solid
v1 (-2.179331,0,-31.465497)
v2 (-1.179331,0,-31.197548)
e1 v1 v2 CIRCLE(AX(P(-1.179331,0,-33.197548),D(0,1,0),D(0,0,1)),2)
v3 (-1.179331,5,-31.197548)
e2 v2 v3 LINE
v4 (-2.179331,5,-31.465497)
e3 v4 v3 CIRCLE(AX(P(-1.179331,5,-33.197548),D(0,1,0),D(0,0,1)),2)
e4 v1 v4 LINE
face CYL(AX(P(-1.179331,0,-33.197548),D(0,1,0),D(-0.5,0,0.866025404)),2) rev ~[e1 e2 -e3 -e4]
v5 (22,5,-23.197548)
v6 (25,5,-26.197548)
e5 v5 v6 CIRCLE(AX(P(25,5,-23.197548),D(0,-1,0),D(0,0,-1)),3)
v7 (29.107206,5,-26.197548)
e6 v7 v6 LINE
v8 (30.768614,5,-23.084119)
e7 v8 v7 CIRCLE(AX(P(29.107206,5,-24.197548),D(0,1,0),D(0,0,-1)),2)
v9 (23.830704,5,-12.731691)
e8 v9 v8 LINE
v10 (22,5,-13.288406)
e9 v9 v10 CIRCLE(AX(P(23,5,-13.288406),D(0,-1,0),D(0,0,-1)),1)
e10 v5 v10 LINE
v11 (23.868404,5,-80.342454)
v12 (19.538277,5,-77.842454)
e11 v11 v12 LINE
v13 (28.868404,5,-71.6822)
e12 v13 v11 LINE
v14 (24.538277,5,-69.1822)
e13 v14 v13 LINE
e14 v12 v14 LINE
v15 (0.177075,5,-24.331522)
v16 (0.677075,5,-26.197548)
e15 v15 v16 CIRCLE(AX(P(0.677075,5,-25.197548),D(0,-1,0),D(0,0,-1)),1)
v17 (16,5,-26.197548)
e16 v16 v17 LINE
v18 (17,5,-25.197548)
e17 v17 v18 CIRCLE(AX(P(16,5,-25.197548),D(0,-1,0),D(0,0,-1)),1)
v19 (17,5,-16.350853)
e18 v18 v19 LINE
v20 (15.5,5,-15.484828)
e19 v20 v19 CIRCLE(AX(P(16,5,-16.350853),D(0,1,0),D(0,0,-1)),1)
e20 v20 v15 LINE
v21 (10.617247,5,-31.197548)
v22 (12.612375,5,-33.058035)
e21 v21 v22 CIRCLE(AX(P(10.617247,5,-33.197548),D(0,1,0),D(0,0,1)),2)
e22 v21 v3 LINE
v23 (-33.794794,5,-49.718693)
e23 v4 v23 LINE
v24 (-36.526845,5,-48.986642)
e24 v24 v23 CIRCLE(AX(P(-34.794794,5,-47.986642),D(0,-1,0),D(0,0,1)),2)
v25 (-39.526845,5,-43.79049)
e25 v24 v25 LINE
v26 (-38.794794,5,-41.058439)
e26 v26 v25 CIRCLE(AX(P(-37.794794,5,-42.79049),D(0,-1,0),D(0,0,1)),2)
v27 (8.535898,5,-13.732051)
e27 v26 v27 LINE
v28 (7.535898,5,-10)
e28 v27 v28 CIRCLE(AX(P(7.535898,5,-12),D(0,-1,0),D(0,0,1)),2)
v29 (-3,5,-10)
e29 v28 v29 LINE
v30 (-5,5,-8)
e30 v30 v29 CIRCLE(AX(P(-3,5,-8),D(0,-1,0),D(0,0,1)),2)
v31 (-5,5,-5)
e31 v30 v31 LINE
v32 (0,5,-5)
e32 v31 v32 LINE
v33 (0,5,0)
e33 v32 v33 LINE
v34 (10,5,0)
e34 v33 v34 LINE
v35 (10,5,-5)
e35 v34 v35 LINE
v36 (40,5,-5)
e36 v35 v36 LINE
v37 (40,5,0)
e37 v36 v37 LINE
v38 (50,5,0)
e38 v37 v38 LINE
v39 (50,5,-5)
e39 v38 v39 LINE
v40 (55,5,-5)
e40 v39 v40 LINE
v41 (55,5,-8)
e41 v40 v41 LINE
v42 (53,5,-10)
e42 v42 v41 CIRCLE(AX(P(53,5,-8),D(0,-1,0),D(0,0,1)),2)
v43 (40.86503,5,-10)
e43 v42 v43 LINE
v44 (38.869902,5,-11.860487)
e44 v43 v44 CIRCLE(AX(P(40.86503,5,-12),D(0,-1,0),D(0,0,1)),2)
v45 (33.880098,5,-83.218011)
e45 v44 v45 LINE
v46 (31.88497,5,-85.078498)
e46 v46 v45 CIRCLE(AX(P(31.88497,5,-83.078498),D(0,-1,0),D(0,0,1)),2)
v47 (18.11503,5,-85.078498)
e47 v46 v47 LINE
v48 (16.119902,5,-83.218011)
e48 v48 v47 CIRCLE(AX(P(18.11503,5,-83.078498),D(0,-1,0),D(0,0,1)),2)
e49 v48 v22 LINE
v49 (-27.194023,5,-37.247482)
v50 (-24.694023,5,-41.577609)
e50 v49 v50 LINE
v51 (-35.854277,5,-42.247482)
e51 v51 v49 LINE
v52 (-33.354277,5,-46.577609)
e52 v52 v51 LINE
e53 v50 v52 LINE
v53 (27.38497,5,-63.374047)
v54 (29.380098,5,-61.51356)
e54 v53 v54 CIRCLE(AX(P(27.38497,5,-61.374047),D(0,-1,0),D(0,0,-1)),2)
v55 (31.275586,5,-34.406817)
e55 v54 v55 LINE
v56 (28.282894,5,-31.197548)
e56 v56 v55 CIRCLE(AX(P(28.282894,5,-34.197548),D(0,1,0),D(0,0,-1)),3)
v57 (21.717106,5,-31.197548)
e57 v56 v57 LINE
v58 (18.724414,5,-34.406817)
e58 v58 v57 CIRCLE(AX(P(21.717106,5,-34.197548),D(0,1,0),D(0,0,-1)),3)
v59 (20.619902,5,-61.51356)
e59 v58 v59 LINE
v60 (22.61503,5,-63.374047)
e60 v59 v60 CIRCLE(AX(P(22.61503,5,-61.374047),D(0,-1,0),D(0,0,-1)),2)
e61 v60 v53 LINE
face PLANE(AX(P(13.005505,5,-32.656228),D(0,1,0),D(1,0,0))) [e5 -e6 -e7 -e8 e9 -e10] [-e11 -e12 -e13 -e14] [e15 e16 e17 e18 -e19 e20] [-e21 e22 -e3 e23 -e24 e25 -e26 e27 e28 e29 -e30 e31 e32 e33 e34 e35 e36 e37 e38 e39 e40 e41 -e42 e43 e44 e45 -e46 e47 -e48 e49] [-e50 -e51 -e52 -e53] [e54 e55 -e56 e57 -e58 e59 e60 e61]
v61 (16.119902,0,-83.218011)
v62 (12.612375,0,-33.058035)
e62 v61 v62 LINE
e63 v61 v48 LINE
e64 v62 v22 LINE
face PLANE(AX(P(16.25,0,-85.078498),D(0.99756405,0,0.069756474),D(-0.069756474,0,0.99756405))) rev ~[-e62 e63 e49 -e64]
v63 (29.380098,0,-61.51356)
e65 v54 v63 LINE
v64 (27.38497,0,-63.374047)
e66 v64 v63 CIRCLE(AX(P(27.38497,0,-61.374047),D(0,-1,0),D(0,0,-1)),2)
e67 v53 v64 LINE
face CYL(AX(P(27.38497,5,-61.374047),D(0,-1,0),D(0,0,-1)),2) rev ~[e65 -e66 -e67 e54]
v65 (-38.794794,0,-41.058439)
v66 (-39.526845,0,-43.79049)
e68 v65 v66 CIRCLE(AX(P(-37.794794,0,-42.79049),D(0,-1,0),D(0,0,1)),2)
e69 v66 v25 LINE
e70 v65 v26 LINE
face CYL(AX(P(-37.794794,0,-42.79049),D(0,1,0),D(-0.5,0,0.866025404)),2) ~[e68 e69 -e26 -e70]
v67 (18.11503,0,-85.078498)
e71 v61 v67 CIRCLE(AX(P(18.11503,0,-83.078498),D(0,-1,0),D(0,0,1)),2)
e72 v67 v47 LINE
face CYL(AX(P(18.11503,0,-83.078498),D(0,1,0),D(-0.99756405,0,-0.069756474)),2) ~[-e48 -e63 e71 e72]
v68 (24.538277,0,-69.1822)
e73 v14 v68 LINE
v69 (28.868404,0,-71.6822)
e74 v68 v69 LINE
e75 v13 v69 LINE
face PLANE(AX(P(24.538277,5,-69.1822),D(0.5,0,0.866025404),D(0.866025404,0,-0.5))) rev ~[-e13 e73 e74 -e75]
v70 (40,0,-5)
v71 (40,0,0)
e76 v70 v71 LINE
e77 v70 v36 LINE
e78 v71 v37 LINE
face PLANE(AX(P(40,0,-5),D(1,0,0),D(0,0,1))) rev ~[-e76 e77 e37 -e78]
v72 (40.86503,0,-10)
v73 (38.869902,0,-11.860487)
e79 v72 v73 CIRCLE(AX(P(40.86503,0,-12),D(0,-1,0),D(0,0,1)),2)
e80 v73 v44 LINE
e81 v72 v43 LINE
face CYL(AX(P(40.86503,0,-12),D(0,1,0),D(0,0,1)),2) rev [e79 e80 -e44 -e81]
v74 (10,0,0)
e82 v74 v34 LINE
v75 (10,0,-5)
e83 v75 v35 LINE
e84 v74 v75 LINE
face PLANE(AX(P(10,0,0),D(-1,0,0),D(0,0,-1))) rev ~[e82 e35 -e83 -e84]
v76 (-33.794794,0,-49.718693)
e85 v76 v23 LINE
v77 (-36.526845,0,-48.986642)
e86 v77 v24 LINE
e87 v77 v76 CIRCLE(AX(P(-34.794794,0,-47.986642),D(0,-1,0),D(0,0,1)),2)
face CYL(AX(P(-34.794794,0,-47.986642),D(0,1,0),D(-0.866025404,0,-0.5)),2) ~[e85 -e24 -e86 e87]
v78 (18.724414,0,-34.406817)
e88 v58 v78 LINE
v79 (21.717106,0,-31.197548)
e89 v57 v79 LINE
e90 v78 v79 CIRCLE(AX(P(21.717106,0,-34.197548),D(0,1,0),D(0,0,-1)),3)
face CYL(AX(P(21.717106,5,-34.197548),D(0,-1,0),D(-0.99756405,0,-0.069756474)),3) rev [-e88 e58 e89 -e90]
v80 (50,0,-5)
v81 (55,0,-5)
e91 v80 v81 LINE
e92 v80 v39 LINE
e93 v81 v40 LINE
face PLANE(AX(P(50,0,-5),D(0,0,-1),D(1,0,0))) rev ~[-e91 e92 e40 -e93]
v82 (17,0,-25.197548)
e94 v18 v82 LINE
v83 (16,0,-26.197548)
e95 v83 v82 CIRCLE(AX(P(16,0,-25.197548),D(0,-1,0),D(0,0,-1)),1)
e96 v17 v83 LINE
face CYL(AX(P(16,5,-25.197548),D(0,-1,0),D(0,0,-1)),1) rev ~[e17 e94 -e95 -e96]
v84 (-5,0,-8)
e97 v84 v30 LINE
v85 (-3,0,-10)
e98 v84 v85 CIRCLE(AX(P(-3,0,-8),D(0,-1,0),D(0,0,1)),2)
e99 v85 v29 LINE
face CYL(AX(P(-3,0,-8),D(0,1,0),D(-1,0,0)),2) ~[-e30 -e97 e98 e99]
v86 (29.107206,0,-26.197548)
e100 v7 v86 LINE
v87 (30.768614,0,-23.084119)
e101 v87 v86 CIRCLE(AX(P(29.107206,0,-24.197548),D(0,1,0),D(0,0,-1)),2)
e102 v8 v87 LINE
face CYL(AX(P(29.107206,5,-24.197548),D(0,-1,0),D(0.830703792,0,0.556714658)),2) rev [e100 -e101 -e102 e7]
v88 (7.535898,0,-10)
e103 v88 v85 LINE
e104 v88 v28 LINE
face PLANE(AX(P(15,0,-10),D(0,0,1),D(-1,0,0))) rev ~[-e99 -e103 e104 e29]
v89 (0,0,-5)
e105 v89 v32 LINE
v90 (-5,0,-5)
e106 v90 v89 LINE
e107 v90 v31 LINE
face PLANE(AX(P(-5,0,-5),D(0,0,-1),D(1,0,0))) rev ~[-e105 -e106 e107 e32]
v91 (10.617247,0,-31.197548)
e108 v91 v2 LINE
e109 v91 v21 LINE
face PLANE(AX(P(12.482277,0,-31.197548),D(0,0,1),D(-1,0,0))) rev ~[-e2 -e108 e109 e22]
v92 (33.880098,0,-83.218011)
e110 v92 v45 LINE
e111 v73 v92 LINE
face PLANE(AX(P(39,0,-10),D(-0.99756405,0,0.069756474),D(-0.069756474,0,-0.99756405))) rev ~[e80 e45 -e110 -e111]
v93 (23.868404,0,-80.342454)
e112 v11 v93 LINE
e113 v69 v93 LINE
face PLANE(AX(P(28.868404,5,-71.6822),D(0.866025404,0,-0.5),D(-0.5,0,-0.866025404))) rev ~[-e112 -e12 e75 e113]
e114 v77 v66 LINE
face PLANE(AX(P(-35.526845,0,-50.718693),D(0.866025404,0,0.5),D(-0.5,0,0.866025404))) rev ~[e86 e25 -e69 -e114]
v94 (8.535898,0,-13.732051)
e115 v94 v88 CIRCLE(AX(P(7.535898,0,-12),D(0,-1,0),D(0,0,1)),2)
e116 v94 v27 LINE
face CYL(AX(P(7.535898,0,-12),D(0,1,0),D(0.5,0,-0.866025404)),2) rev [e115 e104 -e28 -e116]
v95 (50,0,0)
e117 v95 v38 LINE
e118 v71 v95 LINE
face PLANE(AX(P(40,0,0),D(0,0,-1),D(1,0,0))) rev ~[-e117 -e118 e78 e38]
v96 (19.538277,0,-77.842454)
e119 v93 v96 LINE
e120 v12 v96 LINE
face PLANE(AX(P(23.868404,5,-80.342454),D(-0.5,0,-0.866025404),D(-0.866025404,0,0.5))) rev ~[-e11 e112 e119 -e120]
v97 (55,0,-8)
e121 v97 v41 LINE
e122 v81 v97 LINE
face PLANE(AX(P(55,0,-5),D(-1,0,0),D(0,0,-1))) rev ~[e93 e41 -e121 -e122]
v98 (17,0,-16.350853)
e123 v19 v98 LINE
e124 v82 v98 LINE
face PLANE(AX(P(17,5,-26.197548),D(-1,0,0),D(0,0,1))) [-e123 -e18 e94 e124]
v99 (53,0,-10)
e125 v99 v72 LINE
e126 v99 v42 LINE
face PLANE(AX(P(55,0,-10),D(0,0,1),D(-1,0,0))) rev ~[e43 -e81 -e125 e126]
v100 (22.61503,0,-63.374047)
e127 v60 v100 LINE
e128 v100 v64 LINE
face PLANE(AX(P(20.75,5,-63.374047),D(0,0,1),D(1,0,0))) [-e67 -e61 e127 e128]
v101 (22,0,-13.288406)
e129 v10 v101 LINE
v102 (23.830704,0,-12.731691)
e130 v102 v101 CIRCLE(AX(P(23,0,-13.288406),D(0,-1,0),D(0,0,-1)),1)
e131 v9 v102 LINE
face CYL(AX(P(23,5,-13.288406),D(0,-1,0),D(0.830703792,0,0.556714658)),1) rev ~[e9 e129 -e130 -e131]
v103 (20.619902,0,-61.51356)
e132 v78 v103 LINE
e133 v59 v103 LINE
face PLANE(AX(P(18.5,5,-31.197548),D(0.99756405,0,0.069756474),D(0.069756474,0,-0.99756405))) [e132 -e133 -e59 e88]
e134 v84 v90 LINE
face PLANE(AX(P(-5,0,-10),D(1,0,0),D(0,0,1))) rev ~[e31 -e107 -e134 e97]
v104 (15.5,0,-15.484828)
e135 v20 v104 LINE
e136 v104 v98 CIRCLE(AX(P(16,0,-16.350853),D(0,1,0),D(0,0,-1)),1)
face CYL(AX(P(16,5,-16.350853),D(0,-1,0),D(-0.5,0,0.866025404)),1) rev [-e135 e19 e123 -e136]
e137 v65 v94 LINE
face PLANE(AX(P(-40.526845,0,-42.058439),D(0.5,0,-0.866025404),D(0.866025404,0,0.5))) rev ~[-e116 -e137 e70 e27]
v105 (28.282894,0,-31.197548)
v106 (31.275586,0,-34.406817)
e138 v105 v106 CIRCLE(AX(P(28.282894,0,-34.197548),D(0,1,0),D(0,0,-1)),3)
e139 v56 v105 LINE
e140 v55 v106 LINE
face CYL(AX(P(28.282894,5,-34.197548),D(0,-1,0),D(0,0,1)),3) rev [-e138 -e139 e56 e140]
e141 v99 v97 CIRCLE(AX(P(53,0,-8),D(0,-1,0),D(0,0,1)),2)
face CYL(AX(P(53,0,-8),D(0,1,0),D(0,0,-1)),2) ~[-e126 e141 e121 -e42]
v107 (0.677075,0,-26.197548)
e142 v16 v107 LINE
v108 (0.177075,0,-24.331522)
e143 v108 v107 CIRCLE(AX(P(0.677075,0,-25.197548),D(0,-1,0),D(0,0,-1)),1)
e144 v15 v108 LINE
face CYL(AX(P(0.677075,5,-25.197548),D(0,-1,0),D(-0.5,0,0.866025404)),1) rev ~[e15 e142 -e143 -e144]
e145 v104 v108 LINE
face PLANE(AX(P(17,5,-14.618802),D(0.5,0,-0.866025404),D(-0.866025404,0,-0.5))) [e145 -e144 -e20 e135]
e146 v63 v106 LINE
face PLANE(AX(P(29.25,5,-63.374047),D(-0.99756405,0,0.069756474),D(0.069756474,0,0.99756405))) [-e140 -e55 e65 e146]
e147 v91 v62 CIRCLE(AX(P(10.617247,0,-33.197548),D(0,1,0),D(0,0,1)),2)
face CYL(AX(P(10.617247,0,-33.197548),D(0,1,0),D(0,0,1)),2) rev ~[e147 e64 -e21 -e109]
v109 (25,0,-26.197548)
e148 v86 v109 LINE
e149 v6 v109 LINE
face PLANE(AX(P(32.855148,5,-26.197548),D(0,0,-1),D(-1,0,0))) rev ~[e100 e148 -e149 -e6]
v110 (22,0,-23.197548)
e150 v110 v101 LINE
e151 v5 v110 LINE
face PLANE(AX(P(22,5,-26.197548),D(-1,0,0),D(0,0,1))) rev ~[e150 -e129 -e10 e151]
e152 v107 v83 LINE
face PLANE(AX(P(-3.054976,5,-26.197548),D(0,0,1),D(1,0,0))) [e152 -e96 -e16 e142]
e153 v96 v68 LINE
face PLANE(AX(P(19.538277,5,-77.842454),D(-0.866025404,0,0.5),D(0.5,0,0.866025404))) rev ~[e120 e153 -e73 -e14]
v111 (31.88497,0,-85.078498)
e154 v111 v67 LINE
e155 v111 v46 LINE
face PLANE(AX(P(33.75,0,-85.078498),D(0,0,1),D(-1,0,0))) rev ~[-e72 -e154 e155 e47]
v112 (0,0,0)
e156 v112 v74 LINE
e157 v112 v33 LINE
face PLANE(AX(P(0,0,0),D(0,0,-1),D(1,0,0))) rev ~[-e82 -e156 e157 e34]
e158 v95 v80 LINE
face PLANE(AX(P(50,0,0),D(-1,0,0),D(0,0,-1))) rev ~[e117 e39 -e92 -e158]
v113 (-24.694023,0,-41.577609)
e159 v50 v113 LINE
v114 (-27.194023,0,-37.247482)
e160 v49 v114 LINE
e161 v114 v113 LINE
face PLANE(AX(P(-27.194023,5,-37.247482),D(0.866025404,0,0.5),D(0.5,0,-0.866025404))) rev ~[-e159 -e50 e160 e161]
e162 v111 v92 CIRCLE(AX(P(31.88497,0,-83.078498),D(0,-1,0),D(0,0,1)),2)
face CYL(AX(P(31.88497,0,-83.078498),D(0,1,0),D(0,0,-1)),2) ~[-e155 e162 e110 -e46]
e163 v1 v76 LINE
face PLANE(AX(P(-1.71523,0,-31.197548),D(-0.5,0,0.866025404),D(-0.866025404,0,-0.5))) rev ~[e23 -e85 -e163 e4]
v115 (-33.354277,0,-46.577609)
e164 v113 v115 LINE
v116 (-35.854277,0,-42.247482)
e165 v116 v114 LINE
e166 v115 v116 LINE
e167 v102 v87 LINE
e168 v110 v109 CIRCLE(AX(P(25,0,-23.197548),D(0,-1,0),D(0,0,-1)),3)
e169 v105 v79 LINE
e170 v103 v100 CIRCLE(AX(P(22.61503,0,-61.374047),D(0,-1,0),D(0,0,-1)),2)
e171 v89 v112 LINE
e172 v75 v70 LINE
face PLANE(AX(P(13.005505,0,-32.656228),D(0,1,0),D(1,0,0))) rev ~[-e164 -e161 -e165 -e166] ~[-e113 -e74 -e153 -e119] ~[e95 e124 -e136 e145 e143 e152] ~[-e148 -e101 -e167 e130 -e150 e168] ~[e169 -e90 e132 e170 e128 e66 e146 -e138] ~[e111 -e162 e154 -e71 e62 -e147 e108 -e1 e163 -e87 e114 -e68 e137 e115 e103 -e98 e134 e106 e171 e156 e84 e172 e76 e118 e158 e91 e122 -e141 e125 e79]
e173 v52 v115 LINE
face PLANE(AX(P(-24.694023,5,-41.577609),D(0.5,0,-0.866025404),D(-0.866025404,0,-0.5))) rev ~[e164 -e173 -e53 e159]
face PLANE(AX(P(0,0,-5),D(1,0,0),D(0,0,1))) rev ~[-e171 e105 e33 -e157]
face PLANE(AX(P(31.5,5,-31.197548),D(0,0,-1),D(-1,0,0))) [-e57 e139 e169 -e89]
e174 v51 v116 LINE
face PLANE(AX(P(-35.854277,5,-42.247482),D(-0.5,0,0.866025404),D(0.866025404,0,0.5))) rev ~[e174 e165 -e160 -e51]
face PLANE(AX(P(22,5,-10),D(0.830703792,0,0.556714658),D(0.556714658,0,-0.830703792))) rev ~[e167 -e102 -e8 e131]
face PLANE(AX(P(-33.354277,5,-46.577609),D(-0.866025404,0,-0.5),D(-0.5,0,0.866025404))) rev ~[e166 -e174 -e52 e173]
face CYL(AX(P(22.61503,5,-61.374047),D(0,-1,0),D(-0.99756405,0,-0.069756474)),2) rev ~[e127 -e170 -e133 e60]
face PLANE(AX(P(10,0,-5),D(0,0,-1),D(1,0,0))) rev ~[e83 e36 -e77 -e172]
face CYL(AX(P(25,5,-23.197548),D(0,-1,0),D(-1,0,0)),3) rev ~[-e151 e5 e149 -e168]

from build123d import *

# Parameters (mm, degrees)
EXTRUDE_1_DEPTH     = 5
CUT_EXTRUDE_1_DEPTH = 6
FILLET_1_R          = 2
FILLET_2_R          = 2
FILLET_3_R          = 3
FILLET_4_R          = 3
FILLET_5_R          = 3
FILLET_6_R          = 2
FILLET_7_R          = 1
FILLET_8_R          = 1
FILLET_9_R          = 1
FILLET_10_R         = 1
FILLET_11_R         = 2
FILLET_12_R         = 2
FILLET_13_R         = 2
FILLET_14_R         = 2
FILLET_15_R         = 2
FILLET_16_R         = 2


with BuildPart() as part:
    # 草图1 → 凸台-拉伸1 (new body)
    with BuildSketch(Plane(origin=(0, 0, 0), x_dir=(1, 0, 0), z_dir=(0, 1, 0))):
        Polygon((-5, 5), (0, 5), (0, 0), (10, 0), (10, 5), (40, 5), (40, 0), (50, 0), (50, 5), (55, 5), (55, 10), (39, 10), (33.75, 85.078497848), (16.25, 85.078497848), (12.482276941, 31.197547838), (-1.715229851, 31.197547838), (-35.526844906, 50.718692892), (-40.526844906, 42.058438854), (15, 10), (-5, 10), align=None)
    extrude(amount=EXTRUDE_1_DEPTH)

    # 草图2 → 切除-拉伸1 (cut, through all)
    with BuildSketch(Plane(origin=(0, 5, 0), x_dir=(1, 0, 0), z_dir=(0, 1, 0))):
        Polygon((-35.854277493, 42.247482146), (-27.194023456, 37.247482146), (-24.694023456, 41.577609165), (-33.354277493, 46.577609165), align=None)
        Polygon((28.868403571, 71.682200114), (23.868403571, 80.342454152), (19.538276552, 77.842454152), (24.538276552, 69.182200114), align=None)
        Polygon((-3.054975814, 26.197547838), (17, 26.197547838), (17, 14.618802154), align=None)
        Polygon((20.75, 63.374046916), (29.25, 63.374046916), (31.5, 31.197547838), (18.5, 31.197547838), align=None)
        Polygon((22, 26.197547838), (22, 10), (32.855147628, 26.197547838), align=None)
    extrude(amount=-CUT_EXTRUDE_1_DEPTH, mode=Mode.SUBTRACT)

    # 圆角1
    fillet_1_edges = [part.edges().sort_by_distance(p)[0] for p in [
        (20.75, 2.5, -63.374046916),
    ]]
    fillet(fillet_1_edges, radius=FILLET_1_R)

    # 圆角2
    fillet_2_edges = [part.edges().sort_by_distance(p)[0] for p in [
        (29.25, 2.5, -63.374046916),
    ]]
    fillet(fillet_2_edges, radius=FILLET_2_R)

    # 圆角3
    fillet_3_edges = [part.edges().sort_by_distance(p)[0] for p in [
        (18.5, 2.5, -31.197547838),
    ]]
    fillet(fillet_3_edges, radius=FILLET_3_R)

    # 圆角4
    fillet_4_edges = [part.edges().sort_by_distance(p)[0] for p in [
        (31.5, 2.5, -31.197547838),
    ]]
    fillet(fillet_4_edges, radius=FILLET_4_R)

    # 圆角5
    fillet_5_edges = [part.edges().sort_by_distance(p)[0] for p in [
        (22, 2.5, -26.197547838),
    ]]
    fillet(fillet_5_edges, radius=FILLET_5_R)

    # 圆角6
    fillet_6_edges = [part.edges().sort_by_distance(p)[0] for p in [
        (32.855147628, 2.5, -26.197547838),
    ]]
    fillet(fillet_6_edges, radius=FILLET_6_R)

    # 圆角7
    fillet_7_edges = [part.edges().sort_by_distance(p)[0] for p in [
        (22, 2.5, -10),
    ]]
    fillet(fillet_7_edges, radius=FILLET_7_R)

    # 圆角8
    fillet_8_edges = [part.edges().sort_by_distance(p)[0] for p in [
        (17, 2.5, -14.618802154),
    ]]
    fillet(fillet_8_edges, radius=FILLET_8_R)

    # 圆角9
    fillet_9_edges = [part.edges().sort_by_distance(p)[0] for p in [
        (-3.054975814, 2.5, -26.197547838),
    ]]
    fillet(fillet_9_edges, radius=FILLET_9_R)

    # 圆角10
    fillet_10_edges = [part.edges().sort_by_distance(p)[0] for p in [
        (17, 2.5, -26.197547838),
    ]]
    fillet(fillet_10_edges, radius=FILLET_10_R)

    # 圆角11
    fillet_11_edges = [part.edges().sort_by_distance(p)[0] for p in [
        (-5, 2.5, -10),
    ]]
    fillet(fillet_11_edges, radius=FILLET_11_R)

    # 圆角12
    fillet_12_edges = [part.edges().sort_by_distance(p)[0] for p in [
        (55, 2.5, -10),
    ]]
    fillet(fillet_12_edges, radius=FILLET_12_R)

    # 圆角13
    fillet_13_edges = [part.edges().sort_by_distance(p)[0] for p in [
        (39, 2.5, -10),
    ]]
    fillet(fillet_13_edges, radius=FILLET_13_R)

    # 圆角14
    fillet_14_edges = [part.edges().sort_by_distance(p)[0] for p in [
        (15, 2.5, -10),
    ]]
    fillet(fillet_14_edges, radius=FILLET_14_R)

    # 圆角15
    fillet_15_edges = [part.edges().sort_by_distance(p)[0] for p in [
        (-40.526844906, 2.5, -42.058438854),
        (-35.526844906, 2.5, -50.718692892),
    ]]
    fillet(fillet_15_edges, radius=FILLET_15_R)

    # 圆角16
    fillet_16_edges = [part.edges().sort_by_distance(p)[0] for p in [
        (33.75, 2.5, -85.078497848),
        (-1.715229851, 2.5, -31.197547838),
        (12.482276941, 2.5, -31.197547838),
        (16.25, 2.5, -85.078497848),
    ]]
    fillet(fillet_16_edges, radius=FILLET_16_R)


solid = part.part
